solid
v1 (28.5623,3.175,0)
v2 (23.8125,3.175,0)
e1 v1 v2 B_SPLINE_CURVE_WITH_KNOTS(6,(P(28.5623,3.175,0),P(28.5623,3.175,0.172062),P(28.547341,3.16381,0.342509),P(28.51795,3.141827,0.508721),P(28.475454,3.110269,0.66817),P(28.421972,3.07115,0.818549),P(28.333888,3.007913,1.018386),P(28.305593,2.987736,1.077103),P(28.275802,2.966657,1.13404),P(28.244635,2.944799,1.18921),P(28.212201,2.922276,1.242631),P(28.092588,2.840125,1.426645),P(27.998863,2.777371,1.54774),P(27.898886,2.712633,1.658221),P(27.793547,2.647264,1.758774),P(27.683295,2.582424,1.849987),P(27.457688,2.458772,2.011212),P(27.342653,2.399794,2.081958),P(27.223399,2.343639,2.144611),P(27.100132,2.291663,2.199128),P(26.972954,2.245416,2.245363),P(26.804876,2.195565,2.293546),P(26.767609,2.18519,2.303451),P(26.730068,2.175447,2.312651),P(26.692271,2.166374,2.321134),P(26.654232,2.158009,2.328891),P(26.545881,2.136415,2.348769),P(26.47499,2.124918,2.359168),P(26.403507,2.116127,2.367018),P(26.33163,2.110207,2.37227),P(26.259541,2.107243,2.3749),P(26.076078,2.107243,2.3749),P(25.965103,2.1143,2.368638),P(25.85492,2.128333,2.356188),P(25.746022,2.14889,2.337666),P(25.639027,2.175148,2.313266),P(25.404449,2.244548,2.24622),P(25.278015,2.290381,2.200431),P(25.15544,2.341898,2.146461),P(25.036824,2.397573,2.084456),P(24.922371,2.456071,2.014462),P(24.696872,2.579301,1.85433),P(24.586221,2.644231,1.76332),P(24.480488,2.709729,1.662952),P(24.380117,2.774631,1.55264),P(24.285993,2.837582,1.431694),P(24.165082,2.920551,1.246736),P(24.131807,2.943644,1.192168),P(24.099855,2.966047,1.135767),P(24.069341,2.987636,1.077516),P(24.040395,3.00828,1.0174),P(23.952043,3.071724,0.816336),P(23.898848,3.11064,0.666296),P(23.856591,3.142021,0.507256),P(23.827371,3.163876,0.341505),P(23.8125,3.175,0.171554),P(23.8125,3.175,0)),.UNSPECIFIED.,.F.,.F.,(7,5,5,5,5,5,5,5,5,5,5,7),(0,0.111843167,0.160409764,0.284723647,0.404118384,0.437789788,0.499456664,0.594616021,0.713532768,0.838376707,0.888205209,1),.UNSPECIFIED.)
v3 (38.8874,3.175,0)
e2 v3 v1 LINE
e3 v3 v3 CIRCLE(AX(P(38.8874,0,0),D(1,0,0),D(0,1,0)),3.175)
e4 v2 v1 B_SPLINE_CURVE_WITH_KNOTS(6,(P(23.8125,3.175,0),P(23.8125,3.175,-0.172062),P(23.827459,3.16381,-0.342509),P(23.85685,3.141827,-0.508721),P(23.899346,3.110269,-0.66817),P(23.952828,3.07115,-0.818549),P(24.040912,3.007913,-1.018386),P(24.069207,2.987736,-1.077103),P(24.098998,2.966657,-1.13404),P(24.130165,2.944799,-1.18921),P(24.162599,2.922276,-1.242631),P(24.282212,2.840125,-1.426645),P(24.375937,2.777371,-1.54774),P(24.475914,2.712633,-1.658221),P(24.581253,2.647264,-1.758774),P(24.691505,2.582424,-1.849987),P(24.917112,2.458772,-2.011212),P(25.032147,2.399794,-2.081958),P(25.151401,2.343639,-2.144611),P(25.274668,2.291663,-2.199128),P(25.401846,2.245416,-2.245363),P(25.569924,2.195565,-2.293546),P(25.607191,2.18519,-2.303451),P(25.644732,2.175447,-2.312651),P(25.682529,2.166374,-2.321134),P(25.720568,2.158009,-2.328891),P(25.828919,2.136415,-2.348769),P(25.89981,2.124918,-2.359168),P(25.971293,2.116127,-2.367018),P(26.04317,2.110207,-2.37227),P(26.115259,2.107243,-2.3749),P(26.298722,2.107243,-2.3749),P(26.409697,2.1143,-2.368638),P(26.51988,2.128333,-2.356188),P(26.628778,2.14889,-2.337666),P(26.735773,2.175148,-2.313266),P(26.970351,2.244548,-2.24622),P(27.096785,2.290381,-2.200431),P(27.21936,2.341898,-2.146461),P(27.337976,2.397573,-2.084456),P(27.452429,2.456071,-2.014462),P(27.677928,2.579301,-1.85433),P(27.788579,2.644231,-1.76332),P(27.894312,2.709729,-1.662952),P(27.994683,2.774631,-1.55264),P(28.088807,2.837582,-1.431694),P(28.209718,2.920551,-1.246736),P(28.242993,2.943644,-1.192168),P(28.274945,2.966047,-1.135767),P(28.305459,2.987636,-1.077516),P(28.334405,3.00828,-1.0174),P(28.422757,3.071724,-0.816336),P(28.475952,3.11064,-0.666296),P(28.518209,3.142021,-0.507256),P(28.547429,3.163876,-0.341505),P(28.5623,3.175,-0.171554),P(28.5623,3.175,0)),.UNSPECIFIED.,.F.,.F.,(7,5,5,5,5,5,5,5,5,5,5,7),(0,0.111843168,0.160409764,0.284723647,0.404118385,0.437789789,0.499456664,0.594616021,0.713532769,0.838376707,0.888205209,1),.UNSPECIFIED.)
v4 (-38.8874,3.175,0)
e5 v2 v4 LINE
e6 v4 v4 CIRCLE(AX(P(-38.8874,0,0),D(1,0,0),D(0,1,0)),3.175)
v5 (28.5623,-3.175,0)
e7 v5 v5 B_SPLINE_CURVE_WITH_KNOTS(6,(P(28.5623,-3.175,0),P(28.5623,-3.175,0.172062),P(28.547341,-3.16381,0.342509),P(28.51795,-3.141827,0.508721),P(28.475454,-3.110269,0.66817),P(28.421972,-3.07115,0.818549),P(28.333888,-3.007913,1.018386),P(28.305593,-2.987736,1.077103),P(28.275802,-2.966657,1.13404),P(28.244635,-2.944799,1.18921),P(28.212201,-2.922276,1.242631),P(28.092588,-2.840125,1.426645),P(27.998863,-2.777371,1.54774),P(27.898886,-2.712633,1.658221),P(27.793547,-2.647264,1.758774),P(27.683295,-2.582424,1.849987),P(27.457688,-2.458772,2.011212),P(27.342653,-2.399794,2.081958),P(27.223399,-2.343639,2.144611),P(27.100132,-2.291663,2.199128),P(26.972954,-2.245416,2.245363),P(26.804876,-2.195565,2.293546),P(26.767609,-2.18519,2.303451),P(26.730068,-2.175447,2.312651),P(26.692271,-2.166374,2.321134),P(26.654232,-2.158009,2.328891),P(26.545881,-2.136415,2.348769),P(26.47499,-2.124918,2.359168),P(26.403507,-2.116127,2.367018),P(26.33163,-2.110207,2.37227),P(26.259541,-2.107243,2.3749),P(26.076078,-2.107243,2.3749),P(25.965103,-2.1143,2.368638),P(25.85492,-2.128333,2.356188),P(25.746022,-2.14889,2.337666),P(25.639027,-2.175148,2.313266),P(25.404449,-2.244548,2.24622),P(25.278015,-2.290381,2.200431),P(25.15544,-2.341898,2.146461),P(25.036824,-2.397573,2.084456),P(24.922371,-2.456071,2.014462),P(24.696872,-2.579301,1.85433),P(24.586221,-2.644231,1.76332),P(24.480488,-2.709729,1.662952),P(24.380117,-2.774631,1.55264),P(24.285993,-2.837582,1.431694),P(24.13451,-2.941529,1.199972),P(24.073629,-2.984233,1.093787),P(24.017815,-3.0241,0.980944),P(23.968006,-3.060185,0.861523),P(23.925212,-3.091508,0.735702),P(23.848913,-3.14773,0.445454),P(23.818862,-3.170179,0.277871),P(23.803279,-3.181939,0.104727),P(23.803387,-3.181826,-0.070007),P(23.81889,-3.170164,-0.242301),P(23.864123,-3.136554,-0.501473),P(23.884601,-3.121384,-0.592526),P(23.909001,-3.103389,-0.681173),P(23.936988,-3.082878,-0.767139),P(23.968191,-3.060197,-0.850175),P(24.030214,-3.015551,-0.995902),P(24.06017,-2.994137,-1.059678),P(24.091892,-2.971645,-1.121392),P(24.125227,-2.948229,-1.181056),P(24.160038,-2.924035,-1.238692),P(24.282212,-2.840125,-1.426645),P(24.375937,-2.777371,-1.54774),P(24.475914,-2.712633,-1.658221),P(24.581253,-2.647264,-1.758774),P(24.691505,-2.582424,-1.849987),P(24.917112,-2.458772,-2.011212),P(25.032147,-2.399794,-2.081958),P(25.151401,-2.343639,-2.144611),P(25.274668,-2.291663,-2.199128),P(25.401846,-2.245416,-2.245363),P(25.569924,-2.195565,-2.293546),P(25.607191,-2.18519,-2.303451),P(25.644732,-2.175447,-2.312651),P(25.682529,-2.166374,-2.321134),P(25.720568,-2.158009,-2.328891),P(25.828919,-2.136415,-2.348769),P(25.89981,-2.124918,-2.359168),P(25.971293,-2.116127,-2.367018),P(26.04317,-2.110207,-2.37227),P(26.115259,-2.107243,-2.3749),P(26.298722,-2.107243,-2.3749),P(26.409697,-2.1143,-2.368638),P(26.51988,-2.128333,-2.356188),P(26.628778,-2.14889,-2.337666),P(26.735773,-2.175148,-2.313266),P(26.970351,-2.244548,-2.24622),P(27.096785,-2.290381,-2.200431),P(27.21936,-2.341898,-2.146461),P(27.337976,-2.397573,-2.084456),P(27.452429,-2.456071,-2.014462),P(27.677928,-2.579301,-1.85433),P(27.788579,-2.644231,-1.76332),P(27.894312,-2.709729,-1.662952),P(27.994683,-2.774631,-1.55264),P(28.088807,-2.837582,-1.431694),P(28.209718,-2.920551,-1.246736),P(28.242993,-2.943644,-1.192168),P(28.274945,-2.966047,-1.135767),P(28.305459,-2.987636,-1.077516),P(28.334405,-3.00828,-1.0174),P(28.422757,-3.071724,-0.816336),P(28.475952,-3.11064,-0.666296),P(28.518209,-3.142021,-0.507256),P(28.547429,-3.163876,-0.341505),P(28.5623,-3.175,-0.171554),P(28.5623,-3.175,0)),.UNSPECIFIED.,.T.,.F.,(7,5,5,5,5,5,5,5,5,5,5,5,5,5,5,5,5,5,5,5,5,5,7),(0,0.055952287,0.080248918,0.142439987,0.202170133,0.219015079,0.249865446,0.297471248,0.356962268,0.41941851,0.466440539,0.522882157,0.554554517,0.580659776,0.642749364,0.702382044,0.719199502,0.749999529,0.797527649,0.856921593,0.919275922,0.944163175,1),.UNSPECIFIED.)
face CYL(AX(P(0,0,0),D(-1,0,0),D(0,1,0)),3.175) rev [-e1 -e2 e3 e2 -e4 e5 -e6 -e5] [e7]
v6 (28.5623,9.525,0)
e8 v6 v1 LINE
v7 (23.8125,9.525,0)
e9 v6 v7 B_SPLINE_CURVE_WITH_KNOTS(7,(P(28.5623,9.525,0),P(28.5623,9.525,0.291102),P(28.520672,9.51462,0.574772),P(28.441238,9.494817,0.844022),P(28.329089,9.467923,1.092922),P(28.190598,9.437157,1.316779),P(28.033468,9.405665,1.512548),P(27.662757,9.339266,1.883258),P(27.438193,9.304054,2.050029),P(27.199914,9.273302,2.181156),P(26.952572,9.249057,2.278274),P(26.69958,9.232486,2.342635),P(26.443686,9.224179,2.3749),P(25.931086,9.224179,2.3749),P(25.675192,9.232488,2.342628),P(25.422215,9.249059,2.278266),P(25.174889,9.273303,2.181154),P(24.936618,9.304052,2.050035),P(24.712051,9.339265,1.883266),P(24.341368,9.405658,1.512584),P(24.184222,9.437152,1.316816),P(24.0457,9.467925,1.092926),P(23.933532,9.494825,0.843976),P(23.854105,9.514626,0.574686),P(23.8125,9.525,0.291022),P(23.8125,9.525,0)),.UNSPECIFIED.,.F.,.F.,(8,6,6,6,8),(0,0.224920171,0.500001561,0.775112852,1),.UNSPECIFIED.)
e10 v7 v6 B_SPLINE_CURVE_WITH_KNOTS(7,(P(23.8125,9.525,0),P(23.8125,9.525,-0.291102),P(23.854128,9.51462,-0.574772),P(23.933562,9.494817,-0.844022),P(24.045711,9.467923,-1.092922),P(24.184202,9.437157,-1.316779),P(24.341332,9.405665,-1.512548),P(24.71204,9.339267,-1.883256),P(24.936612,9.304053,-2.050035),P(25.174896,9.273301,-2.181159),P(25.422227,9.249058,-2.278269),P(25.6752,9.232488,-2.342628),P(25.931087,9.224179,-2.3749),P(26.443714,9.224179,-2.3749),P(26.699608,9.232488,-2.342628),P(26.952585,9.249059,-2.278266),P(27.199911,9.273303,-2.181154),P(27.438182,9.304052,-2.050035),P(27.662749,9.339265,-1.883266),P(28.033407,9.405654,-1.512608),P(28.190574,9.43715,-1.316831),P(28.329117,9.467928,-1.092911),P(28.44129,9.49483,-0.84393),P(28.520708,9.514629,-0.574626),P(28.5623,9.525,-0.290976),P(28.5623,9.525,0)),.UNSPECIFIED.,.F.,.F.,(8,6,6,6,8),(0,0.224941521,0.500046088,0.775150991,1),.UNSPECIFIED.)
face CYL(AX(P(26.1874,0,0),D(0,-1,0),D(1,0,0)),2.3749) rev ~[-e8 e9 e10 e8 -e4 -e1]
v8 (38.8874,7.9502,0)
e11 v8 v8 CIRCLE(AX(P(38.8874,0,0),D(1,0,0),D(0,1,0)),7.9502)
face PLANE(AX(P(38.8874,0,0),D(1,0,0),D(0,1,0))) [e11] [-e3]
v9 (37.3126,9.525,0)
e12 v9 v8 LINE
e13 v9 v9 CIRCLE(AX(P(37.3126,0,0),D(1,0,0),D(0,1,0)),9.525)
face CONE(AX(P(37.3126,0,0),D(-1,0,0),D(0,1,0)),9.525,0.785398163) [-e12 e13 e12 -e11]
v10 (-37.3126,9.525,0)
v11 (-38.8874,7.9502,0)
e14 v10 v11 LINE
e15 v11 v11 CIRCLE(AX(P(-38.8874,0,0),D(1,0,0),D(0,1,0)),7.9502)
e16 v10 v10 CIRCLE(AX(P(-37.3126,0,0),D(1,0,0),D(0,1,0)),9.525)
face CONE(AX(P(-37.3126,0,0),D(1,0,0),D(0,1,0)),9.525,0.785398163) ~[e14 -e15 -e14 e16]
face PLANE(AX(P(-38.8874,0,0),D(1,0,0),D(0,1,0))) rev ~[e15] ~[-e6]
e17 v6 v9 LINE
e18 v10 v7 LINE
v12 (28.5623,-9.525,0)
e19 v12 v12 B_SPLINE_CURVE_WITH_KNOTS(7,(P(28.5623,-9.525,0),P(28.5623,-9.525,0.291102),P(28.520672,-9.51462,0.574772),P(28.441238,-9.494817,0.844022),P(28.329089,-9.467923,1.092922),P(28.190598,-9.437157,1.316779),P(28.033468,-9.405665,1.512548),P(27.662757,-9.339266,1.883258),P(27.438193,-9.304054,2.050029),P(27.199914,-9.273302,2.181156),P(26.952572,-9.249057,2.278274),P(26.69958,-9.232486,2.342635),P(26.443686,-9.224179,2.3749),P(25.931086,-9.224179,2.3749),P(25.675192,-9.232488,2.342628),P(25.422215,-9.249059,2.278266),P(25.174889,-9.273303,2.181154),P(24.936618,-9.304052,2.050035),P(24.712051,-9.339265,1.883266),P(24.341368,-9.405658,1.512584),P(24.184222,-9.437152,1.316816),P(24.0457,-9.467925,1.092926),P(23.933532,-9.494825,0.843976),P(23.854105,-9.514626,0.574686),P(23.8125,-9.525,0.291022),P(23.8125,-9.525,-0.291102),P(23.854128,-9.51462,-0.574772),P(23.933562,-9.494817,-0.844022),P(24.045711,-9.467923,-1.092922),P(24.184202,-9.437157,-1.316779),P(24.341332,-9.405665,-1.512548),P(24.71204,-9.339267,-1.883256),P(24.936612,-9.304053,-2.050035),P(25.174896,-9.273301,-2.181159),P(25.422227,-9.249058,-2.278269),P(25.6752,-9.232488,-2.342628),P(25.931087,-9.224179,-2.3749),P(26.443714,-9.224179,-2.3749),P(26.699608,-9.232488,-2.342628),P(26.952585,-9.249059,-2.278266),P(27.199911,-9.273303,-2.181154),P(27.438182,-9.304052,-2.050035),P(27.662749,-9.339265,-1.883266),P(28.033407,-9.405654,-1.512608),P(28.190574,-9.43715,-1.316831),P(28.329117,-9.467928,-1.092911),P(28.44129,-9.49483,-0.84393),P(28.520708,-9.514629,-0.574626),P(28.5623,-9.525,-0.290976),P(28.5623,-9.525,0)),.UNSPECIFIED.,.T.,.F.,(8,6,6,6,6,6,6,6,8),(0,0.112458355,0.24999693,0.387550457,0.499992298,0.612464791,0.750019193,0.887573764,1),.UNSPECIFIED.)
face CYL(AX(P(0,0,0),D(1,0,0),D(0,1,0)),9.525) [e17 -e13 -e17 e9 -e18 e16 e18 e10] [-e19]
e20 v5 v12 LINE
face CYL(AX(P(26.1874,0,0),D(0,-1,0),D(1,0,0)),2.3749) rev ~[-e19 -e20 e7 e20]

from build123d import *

# Parameters (mm, degrees)
F0_R     = 9.525
F0_R_2   = 3.175
F1_DEPTH = 38.8874
F2_SIZE2 = 1.5748
F2_SIZE  = 1.5748
F3_SIZE2 = 1.5748
F3_SIZE  = 1.5748
F4_R     = 2.3749
F5_DEPTH = 12.7


with BuildPart() as f1:
    # F0 (on Right) → F1 (new body, symmetric)
    with BuildSketch(Plane.YZ):
        Circle(F0_R)
        Circle(F0_R_2, mode=Mode.SUBTRACT)
    extrude(amount=F1_DEPTH, both=True)

    # F2
    f2_edges = [f1.edges().sort_by_distance(p)[0] for p in [
        (38.8874, -9.525, 0),
    ]]
    chamfer(f2_edges, length=F2_SIZE, length2=F2_SIZE2)

    # F3
    f3_edges = [f1.edges().sort_by_distance(p)[0] for p in [
        (-38.8874, -9.525, 0),
    ]]
    chamfer(f3_edges, length=F3_SIZE, length2=F3_SIZE2)

    # F4 (on Front) → F5 (cut, symmetric)
    with BuildSketch(Plane.XZ):
        with Locations((26.1874, 0)):
            Circle(F4_R)
    extrude(amount=F5_DEPTH, both=True, mode=Mode.SUBTRACT)


solid = f1.part
